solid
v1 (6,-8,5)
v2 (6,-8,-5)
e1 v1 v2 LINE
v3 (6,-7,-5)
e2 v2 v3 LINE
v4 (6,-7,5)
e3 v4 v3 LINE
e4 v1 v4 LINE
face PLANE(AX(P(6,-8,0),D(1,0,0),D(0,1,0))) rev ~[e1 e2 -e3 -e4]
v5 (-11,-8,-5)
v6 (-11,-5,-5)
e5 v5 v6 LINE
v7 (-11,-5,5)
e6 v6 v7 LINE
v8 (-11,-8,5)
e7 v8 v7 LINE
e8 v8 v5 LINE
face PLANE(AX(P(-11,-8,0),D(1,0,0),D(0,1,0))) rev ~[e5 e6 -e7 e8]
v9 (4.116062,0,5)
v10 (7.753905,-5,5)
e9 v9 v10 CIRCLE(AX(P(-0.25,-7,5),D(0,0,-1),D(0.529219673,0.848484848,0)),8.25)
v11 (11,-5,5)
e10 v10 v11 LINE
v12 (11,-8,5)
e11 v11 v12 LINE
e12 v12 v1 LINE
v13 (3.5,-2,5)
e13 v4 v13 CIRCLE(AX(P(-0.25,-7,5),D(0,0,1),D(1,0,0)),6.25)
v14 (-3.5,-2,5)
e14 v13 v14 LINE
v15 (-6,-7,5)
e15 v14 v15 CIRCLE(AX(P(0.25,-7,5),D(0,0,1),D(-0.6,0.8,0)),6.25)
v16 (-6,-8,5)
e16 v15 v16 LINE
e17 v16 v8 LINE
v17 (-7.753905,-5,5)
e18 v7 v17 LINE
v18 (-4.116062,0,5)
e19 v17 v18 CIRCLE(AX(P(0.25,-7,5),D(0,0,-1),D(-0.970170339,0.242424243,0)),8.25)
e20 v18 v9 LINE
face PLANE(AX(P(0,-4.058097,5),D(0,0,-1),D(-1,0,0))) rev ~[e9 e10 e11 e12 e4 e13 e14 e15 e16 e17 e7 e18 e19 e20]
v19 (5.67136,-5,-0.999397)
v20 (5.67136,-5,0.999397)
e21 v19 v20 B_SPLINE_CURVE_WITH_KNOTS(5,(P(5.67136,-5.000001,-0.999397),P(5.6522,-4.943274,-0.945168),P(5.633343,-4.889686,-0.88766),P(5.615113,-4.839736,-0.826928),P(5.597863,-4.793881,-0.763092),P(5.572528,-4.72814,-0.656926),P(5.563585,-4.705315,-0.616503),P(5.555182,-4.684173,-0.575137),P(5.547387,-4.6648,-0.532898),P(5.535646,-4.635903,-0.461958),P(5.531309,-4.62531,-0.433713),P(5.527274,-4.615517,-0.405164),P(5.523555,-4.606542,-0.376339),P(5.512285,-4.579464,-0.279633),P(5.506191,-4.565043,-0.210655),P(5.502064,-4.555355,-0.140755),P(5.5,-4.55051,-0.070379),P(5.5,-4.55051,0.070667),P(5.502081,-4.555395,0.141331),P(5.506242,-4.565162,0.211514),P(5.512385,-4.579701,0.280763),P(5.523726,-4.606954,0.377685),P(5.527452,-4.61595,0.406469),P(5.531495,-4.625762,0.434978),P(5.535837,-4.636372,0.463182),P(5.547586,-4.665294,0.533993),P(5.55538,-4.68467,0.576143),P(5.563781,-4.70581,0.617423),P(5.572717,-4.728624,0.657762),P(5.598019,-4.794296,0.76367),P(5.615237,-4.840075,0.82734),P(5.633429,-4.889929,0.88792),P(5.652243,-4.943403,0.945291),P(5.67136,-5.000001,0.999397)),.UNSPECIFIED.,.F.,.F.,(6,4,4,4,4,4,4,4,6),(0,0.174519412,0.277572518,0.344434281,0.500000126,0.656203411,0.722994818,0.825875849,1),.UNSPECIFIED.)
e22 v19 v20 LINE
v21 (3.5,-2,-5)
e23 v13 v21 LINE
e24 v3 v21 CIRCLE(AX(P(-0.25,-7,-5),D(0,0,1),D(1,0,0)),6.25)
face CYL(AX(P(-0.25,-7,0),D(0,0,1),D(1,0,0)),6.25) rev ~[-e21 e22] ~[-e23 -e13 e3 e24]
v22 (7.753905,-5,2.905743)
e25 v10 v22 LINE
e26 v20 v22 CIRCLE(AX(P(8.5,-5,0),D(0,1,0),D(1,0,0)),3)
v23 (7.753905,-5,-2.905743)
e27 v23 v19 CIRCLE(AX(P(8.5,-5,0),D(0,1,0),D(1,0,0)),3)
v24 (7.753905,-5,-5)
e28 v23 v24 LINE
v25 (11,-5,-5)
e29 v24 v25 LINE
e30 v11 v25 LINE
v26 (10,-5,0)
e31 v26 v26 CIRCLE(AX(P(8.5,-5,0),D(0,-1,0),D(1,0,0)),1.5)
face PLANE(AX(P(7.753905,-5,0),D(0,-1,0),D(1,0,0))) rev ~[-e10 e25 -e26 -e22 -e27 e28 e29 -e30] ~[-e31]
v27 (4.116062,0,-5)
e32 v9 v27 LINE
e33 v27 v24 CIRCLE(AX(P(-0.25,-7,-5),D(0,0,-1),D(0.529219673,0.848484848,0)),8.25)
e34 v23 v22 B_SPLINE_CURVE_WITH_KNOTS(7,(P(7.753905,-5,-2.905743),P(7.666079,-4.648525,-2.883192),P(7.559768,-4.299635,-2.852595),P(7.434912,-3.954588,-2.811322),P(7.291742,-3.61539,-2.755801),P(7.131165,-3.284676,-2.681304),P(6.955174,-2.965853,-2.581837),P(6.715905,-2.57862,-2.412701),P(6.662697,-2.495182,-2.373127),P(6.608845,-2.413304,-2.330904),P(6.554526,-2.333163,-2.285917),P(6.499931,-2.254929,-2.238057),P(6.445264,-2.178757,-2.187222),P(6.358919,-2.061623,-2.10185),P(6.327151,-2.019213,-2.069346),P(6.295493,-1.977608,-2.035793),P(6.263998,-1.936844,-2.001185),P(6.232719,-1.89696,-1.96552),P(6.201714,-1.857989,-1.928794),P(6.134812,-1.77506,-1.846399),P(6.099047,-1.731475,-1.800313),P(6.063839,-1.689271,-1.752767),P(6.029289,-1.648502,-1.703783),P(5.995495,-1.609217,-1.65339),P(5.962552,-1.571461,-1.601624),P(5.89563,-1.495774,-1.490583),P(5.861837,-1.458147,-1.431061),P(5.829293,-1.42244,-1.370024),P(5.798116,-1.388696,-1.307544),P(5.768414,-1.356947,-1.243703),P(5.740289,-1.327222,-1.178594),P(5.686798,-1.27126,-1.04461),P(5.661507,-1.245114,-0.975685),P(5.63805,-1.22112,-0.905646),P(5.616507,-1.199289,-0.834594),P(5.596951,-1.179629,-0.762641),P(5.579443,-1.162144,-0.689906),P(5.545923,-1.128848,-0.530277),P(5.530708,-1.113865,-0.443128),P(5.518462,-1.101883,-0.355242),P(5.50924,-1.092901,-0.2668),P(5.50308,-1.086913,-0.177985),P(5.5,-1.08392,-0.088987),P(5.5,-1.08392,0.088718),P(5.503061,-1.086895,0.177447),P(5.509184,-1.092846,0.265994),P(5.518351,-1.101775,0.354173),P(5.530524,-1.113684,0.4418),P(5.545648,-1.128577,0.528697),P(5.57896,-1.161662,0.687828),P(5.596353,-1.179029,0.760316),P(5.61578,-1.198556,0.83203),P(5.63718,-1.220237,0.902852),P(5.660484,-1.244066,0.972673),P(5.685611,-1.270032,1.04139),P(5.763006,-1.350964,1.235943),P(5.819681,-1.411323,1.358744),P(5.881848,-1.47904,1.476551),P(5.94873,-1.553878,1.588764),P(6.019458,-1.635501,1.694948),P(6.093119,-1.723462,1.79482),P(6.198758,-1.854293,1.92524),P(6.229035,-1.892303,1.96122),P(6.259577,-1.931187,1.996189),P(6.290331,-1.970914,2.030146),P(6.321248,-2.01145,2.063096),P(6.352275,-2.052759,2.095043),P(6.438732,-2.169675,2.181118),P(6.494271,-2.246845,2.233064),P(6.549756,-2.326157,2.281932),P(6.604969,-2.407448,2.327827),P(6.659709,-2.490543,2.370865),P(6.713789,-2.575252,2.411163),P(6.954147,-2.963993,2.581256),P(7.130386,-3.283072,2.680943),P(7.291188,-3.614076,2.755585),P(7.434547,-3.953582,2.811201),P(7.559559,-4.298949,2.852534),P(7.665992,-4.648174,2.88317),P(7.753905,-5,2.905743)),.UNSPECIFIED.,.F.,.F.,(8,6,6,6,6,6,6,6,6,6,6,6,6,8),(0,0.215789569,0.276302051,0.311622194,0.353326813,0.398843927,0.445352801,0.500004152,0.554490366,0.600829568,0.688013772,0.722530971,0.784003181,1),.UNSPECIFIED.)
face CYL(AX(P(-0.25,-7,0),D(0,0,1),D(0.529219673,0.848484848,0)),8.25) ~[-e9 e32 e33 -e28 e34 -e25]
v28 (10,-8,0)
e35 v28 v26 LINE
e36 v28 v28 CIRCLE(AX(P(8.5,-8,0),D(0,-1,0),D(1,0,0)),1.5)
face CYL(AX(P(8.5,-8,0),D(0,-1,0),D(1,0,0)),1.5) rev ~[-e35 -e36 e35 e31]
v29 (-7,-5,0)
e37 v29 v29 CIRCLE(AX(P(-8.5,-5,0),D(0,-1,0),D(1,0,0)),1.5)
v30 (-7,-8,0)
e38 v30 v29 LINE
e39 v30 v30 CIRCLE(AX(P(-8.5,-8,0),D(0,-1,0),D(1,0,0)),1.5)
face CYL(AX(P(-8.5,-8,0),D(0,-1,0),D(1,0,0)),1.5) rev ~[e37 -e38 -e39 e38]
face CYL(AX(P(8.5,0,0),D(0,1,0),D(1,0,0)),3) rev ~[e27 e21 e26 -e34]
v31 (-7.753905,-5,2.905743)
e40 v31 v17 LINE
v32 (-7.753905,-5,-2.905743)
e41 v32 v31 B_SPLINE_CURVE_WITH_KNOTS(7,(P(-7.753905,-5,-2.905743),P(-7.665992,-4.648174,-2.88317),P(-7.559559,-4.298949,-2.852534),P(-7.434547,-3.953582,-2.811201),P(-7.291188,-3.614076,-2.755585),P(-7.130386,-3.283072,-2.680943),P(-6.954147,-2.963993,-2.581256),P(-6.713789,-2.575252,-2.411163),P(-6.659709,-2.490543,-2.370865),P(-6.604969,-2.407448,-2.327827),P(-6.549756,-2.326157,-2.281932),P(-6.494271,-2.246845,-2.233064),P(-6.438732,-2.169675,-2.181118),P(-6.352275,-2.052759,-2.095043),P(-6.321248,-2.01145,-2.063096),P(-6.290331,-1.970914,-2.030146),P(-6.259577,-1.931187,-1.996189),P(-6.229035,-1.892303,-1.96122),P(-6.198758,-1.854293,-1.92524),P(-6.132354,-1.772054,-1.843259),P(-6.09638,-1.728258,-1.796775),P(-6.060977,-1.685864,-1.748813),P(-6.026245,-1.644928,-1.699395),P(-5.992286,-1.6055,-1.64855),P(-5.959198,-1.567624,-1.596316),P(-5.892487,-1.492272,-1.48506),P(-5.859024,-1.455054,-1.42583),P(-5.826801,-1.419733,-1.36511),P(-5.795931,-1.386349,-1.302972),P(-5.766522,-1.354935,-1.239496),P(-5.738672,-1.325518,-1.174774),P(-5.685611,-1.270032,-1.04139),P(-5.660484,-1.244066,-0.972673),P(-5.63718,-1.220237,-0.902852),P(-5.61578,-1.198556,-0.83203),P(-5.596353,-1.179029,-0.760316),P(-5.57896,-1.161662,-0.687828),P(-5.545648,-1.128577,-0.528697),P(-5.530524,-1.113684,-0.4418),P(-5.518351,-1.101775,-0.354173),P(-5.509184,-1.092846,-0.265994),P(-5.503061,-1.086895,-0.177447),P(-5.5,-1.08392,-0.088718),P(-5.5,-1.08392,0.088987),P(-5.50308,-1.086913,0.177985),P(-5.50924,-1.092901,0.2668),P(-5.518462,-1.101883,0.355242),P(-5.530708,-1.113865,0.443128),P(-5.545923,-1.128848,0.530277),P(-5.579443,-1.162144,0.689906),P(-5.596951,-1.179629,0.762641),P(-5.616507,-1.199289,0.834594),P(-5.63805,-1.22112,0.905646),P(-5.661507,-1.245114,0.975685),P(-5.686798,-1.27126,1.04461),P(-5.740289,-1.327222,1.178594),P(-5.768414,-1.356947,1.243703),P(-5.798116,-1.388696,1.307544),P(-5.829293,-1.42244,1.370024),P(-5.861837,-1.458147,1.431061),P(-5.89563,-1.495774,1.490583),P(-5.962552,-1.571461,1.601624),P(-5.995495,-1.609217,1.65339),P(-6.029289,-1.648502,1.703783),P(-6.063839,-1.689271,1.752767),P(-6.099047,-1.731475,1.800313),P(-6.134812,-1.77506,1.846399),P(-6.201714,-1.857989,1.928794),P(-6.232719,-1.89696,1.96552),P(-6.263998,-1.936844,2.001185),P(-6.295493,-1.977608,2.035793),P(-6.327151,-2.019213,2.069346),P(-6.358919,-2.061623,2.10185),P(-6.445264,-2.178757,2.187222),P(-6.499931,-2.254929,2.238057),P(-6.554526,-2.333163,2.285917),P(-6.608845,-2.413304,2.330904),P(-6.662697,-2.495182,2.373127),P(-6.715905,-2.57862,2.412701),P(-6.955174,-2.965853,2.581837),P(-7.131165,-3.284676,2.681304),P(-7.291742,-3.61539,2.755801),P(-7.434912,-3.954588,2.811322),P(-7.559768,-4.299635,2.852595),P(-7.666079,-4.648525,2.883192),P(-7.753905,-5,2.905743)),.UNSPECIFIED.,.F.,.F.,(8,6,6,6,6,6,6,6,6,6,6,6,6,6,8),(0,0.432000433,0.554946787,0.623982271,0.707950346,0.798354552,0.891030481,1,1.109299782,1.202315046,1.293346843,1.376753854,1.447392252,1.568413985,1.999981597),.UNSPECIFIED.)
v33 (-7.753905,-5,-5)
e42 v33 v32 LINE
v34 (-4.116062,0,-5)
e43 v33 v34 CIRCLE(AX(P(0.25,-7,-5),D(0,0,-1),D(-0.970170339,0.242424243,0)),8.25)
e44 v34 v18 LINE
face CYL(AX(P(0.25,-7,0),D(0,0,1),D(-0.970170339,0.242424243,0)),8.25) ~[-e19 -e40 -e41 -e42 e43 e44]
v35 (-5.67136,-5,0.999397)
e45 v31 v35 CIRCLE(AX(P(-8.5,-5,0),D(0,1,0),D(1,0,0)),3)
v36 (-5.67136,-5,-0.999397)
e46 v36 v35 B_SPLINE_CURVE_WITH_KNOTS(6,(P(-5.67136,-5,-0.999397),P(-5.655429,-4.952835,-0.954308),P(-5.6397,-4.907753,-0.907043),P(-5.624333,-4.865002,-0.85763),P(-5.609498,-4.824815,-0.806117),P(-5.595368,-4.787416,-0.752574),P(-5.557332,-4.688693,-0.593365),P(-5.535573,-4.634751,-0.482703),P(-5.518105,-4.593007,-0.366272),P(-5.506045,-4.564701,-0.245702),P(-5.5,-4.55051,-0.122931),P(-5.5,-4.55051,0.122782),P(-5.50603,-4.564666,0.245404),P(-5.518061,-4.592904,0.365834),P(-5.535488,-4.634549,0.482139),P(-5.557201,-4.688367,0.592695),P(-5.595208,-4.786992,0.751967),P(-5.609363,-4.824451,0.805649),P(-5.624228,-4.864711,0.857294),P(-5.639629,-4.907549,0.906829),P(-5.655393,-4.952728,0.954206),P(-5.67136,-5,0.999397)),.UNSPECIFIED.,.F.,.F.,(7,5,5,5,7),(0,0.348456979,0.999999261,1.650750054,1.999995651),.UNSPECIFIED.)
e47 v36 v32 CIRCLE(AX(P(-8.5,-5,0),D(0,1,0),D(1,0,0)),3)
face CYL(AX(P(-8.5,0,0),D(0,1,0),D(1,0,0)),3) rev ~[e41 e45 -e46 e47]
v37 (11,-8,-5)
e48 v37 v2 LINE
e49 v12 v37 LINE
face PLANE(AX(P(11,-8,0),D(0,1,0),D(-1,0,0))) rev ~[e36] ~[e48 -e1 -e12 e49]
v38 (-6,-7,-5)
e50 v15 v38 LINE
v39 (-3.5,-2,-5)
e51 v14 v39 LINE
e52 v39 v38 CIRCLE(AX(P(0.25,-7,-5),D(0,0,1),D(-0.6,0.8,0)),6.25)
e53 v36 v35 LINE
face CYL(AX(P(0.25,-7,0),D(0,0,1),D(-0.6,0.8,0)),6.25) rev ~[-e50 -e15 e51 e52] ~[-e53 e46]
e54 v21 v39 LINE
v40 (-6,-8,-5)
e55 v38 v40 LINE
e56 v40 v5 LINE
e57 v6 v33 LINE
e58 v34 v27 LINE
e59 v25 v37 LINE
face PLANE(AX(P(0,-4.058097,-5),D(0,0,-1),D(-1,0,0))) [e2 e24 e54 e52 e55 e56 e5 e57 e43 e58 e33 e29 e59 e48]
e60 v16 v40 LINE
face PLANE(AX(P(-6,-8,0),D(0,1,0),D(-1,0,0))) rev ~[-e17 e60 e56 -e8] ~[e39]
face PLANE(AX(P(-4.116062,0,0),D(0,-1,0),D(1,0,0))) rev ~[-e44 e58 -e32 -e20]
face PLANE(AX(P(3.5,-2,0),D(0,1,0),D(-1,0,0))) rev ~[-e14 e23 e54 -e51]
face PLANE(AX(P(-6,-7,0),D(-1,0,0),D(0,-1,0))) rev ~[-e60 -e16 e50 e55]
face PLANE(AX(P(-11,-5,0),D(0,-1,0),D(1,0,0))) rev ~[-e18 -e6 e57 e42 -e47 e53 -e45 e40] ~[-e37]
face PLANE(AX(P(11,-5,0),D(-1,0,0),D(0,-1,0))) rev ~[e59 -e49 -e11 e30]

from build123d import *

# Parameters (mm, degrees)
EXTRUDE_1_DEPTH     = 5
SKETCH_3_R          = 1.5
CUT_EXTRUDE_1_DEPTH = 9
SKETCH_4_R          = 3
CUT_EXTRUDE_2_DEPTH = 5


with BuildPart() as part:
    # 草圖1 → 填料-伸長1 (new body, symmetric)
    with BuildSketch(Plane.XY):
        with BuildLine():
            Line((-4.116062299, 0), (4.116062299, 0))
            ThreePointArc((4.116062299, 0), (6.42113368, -2.146292611), (7.753905297, -5))
            Line((7.753905297, -5), (11, -5))
            Line((11, -5), (11, -8))
            Line((11, -8), (6, -8))
            Line((6, -8), (6, -7))
            ThreePointArc((6, -7), (5.340169944, -4.204915028), (3.5, -2))
            Line((3.5, -2), (-3.5, -2))
            ThreePointArc((-3.5, -2), (-5.340169944, -4.204915028), (-6, -7))
            Line((-6, -7), (-6, -8))
            Line((-6, -8), (-11, -8))
            Line((-11, -8), (-11, -5))
            Line((-11, -5), (-7.753905297, -5))
            ThreePointArc((-7.753905297, -5), (-6.42113368, -2.146292611), (-4.116062299, 0))
        make_face()
    extrude(amount=EXTRUDE_1_DEPTH, both=True)

    # 草圖3 → 除料-伸長1 (cut, through all)
    with BuildSketch(Plane.XZ.offset(8)):
        with Locations((-8.5, 0)):
            Circle(SKETCH_3_R)
        with Locations((8.5, 0)):
            Circle(SKETCH_3_R)
    extrude(amount=-CUT_EXTRUDE_1_DEPTH, mode=Mode.SUBTRACT)

    # 草圖4 → 除料-伸長2 (cut)
    with BuildSketch(Plane(origin=(0, 0, 0), x_dir=(1, 0, 0), z_dir=(0, 1, 0))):
        with Locations((8.5, 0)):
            Circle(SKETCH_4_R)
        with Locations((-8.5, 0)):
            Circle(SKETCH_4_R)
    extrude(amount=-CUT_EXTRUDE_2_DEPTH, mode=Mode.SUBTRACT)


solid = part.part
